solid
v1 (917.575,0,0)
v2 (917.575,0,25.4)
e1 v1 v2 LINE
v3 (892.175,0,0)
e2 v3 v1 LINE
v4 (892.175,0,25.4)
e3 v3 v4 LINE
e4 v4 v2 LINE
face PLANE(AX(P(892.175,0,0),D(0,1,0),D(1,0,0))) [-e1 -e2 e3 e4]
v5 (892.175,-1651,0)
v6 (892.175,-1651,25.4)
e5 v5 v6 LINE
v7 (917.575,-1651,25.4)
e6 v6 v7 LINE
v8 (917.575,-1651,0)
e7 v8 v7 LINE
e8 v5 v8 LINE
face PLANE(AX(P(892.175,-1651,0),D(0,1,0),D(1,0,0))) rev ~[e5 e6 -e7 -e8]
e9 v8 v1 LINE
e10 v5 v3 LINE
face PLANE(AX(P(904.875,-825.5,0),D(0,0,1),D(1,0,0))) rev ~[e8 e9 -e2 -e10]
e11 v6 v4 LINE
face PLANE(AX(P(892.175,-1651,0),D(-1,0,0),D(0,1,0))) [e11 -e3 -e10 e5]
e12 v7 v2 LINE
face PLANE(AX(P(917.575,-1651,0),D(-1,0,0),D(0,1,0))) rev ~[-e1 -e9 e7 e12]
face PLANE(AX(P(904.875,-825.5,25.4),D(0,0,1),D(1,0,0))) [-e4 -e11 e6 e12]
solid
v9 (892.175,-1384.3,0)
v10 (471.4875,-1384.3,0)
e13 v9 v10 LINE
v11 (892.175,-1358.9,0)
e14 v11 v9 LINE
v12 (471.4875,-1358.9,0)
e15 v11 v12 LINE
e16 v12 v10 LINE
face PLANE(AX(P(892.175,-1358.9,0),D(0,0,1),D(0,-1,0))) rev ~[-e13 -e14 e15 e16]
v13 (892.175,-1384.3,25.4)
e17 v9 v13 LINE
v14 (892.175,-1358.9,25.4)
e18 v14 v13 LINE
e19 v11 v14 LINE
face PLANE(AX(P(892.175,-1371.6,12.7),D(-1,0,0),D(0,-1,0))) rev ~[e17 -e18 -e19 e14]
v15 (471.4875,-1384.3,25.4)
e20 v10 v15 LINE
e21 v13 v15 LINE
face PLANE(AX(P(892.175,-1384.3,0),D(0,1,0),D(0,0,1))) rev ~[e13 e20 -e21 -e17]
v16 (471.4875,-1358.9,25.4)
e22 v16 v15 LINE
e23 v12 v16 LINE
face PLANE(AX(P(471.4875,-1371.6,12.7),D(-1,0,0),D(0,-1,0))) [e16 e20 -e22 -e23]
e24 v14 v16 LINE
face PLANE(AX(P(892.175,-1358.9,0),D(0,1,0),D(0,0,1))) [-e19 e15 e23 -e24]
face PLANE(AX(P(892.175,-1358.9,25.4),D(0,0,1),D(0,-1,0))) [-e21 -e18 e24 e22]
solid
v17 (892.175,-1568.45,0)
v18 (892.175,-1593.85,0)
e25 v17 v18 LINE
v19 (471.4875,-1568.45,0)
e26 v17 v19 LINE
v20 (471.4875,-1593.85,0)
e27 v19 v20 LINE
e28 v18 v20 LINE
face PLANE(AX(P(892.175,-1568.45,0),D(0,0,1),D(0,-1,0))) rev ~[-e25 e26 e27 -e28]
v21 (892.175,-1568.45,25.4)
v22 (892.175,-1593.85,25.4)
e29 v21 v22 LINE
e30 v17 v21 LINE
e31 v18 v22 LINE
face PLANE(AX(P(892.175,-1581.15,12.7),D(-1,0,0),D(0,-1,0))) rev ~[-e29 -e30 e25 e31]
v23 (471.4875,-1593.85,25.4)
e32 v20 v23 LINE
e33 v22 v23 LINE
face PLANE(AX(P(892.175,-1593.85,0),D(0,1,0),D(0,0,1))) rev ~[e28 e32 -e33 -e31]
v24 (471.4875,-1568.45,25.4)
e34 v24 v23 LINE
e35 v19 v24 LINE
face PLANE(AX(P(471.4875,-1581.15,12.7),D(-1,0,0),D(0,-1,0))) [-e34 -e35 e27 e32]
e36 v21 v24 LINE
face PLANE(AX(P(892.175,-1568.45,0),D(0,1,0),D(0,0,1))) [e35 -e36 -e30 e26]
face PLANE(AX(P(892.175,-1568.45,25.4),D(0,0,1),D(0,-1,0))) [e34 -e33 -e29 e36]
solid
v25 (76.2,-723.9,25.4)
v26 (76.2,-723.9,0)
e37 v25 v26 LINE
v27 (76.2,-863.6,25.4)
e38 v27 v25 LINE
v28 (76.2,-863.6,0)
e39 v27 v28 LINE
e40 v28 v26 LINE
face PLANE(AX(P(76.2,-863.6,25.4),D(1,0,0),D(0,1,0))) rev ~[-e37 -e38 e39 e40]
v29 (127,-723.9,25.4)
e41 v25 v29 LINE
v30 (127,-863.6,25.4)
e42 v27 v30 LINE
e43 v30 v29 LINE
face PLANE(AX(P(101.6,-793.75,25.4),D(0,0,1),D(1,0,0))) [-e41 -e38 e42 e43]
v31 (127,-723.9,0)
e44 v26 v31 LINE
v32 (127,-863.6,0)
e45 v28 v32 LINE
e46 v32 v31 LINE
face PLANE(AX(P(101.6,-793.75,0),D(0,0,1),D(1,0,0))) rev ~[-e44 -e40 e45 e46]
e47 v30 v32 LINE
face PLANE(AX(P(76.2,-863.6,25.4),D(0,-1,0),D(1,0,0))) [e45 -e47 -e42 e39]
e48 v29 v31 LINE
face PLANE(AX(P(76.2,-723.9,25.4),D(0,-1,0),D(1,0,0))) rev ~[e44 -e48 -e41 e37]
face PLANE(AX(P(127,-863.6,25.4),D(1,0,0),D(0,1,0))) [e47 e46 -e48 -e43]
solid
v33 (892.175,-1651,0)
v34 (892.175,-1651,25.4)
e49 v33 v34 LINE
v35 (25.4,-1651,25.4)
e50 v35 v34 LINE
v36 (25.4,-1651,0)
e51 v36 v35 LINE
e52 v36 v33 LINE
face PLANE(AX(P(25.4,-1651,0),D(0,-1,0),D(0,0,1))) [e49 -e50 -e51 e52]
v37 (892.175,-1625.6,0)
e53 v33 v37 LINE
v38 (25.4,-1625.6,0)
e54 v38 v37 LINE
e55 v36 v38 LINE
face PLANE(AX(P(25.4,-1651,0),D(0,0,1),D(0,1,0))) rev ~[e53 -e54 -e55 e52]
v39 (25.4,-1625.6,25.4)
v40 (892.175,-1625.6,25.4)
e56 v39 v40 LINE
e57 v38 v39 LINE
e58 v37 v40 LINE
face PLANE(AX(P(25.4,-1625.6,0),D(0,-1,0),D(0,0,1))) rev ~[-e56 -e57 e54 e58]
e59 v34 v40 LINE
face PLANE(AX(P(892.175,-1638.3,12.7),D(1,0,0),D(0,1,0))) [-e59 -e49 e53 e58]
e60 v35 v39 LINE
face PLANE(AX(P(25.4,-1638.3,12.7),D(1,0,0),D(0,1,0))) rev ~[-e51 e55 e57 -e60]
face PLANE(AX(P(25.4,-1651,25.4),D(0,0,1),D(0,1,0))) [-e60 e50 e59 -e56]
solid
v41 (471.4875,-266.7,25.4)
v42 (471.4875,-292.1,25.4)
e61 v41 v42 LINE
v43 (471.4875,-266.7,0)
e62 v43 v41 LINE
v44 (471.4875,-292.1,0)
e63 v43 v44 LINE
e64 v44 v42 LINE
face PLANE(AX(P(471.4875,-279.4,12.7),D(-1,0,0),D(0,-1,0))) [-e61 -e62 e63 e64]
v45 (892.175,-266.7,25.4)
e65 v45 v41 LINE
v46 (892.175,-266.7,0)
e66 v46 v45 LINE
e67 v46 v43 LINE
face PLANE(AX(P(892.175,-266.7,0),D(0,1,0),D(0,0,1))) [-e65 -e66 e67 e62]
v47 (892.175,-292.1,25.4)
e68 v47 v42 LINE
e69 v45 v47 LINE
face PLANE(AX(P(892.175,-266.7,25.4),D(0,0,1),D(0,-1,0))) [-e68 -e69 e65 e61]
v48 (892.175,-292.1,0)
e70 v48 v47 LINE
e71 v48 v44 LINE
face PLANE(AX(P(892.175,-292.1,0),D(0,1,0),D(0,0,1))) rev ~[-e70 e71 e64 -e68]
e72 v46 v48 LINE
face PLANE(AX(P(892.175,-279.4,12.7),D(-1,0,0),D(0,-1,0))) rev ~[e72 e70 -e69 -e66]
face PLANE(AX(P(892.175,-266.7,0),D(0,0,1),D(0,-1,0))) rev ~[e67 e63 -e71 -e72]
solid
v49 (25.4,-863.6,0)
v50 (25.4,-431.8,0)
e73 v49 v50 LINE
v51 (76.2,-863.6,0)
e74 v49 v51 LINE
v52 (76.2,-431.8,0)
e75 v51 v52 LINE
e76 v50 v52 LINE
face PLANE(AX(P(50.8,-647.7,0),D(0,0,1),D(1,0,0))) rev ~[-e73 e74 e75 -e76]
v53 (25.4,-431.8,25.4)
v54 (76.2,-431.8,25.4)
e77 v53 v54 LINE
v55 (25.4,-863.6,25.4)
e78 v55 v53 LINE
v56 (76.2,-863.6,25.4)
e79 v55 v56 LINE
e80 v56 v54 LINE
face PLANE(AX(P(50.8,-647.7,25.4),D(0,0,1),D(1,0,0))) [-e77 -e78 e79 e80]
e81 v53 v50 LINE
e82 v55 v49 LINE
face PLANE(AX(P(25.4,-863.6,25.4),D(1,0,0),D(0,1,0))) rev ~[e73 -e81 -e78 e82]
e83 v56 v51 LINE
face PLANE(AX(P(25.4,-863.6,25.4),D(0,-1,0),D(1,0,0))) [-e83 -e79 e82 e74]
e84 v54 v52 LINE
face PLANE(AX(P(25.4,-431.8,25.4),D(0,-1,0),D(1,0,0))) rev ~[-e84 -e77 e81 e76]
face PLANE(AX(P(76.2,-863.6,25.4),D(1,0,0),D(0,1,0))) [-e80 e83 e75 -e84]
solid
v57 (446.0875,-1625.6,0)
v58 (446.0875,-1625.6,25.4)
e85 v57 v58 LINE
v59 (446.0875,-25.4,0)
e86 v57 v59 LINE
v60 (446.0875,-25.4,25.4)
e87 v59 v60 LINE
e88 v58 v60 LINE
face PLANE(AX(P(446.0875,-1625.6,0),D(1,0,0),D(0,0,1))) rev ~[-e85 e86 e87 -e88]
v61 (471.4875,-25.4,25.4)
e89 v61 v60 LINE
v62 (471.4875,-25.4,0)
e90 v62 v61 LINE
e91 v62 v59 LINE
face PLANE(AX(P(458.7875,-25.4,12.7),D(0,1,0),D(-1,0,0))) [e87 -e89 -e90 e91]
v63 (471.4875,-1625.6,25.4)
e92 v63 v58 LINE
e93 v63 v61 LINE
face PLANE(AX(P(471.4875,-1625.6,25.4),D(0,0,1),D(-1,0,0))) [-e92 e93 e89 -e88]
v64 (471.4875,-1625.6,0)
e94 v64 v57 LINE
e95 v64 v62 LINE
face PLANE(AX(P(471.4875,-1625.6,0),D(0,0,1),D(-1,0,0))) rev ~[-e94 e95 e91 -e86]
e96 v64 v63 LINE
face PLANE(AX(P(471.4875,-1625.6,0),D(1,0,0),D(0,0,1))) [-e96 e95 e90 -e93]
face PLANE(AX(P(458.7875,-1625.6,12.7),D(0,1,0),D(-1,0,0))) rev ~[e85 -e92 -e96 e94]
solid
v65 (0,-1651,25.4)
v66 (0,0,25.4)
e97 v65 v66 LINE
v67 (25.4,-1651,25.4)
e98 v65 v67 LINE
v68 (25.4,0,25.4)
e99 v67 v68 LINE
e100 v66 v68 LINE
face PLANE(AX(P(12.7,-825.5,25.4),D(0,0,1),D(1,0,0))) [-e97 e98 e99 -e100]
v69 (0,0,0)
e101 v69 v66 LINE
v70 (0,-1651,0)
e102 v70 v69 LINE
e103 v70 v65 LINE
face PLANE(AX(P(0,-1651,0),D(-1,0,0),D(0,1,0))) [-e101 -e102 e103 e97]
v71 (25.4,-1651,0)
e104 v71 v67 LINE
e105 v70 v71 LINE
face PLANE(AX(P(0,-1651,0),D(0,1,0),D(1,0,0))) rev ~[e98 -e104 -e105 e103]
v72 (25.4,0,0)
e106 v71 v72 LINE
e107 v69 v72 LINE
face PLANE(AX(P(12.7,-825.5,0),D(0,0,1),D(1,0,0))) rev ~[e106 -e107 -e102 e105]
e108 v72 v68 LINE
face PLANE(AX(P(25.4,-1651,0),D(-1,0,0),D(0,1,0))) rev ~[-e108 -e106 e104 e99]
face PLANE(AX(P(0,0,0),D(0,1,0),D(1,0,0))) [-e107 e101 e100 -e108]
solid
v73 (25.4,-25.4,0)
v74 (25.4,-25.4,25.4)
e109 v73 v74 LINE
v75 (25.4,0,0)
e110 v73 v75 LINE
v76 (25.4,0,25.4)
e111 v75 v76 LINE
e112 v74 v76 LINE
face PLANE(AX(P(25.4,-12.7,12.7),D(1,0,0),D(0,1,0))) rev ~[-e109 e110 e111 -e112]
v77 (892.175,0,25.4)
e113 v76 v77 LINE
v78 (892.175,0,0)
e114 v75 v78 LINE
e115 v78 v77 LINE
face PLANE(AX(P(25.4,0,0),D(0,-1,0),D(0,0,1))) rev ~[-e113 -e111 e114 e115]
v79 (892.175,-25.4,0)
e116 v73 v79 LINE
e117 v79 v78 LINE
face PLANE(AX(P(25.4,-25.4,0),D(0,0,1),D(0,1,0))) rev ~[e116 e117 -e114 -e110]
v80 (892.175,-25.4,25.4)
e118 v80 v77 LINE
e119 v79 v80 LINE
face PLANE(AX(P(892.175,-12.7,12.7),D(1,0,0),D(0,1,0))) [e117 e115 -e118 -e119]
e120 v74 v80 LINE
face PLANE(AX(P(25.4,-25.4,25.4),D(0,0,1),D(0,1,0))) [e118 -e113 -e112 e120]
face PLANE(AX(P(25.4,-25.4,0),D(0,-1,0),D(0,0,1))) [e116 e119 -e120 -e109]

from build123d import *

# Parameters (mm, degrees)
F0_W      = 25.4
F0_H      = 1651
F1_DEPTH  = 25.4
F2_W      = 25.4
F2_H      = 25.4
F3_DEPTH  = 866.775
F4_W      = 25.4
F4_H      = 25.4
F5_DEPTH  = 1600.2
F6_W      = 25.4
F6_H      = 25.4
F7_DEPTH  = 420.6875
F8_W      = 50.8
F8_H      = 431.8
F9_DEPTH  = 25.4
F10_W     = 50.8
F10_H     = 139.7
F11_DEPTH = 25.4


with BuildPart() as f1:
    # F0 (on Top) → F1 (new body)
    with BuildSketch(Plane.XY):
        with Locations((12.7, -825.5)):
            Rectangle(F0_W, F0_H)
        with Locations((904.875, -825.5)):
            Rectangle(F0_W, F0_H)
    extrude(amount=F1_DEPTH)


with BuildPart() as f3:
    # F2 (on face) → F3 (new body, through all)
    with BuildSketch(Plane.YZ.offset(25.4)):
        with Locations((-12.7, 12.7)):
            Rectangle(F2_W, F2_H)
        with Locations((-1638.3, 12.7)):
            Rectangle(F2_W, F2_H)
    extrude(amount=F3_DEPTH)


with BuildPart() as f5:
    # F4 (on face) → F5 (new body, through all)
    with BuildSketch(Plane(origin=(0, -1625.6, 0), x_dir=(-1, 0, 0), z_dir=(0, 1, 0))):
        with Locations((-458.7875, 12.7)):
            Rectangle(F4_W, F4_H)
    extrude(amount=F5_DEPTH)


with BuildPart() as f7:
    # F6 (on face) → F7 (new body, through all)
    with BuildSketch(Plane(origin=(892.175, 0, 0), x_dir=(0, -1, 0), z_dir=(-1, 0, 0))):
        with Locations((279.4, 12.7)):
            Rectangle(F6_W, F6_H)
        with Locations((1581.15, 12.7)):
            Rectangle(F6_W, F6_H)
        with Locations((1371.6, 12.7)):
            Rectangle(F6_W, F6_H)
    extrude(amount=F7_DEPTH)


with BuildPart() as f9:
    # F8 (on face) → F9 (new body)
    with BuildSketch(Plane.XY.offset(25.4)):
        with Locations((50.8, -647.7)):
            Rectangle(F8_W, F8_H)
    extrude(amount=-F9_DEPTH)


with BuildPart() as f11:
    # F10 (on face) → F11 (new body)
    with BuildSketch(Plane.XY.offset(25.4)):
        with Locations((101.6, -793.75)):
            Rectangle(F10_W, F10_H)
    extrude(amount=-F11_DEPTH)


solid = Compound([f1.part, f3.part, f5.part, f7.part, f9.part, f11.part])
